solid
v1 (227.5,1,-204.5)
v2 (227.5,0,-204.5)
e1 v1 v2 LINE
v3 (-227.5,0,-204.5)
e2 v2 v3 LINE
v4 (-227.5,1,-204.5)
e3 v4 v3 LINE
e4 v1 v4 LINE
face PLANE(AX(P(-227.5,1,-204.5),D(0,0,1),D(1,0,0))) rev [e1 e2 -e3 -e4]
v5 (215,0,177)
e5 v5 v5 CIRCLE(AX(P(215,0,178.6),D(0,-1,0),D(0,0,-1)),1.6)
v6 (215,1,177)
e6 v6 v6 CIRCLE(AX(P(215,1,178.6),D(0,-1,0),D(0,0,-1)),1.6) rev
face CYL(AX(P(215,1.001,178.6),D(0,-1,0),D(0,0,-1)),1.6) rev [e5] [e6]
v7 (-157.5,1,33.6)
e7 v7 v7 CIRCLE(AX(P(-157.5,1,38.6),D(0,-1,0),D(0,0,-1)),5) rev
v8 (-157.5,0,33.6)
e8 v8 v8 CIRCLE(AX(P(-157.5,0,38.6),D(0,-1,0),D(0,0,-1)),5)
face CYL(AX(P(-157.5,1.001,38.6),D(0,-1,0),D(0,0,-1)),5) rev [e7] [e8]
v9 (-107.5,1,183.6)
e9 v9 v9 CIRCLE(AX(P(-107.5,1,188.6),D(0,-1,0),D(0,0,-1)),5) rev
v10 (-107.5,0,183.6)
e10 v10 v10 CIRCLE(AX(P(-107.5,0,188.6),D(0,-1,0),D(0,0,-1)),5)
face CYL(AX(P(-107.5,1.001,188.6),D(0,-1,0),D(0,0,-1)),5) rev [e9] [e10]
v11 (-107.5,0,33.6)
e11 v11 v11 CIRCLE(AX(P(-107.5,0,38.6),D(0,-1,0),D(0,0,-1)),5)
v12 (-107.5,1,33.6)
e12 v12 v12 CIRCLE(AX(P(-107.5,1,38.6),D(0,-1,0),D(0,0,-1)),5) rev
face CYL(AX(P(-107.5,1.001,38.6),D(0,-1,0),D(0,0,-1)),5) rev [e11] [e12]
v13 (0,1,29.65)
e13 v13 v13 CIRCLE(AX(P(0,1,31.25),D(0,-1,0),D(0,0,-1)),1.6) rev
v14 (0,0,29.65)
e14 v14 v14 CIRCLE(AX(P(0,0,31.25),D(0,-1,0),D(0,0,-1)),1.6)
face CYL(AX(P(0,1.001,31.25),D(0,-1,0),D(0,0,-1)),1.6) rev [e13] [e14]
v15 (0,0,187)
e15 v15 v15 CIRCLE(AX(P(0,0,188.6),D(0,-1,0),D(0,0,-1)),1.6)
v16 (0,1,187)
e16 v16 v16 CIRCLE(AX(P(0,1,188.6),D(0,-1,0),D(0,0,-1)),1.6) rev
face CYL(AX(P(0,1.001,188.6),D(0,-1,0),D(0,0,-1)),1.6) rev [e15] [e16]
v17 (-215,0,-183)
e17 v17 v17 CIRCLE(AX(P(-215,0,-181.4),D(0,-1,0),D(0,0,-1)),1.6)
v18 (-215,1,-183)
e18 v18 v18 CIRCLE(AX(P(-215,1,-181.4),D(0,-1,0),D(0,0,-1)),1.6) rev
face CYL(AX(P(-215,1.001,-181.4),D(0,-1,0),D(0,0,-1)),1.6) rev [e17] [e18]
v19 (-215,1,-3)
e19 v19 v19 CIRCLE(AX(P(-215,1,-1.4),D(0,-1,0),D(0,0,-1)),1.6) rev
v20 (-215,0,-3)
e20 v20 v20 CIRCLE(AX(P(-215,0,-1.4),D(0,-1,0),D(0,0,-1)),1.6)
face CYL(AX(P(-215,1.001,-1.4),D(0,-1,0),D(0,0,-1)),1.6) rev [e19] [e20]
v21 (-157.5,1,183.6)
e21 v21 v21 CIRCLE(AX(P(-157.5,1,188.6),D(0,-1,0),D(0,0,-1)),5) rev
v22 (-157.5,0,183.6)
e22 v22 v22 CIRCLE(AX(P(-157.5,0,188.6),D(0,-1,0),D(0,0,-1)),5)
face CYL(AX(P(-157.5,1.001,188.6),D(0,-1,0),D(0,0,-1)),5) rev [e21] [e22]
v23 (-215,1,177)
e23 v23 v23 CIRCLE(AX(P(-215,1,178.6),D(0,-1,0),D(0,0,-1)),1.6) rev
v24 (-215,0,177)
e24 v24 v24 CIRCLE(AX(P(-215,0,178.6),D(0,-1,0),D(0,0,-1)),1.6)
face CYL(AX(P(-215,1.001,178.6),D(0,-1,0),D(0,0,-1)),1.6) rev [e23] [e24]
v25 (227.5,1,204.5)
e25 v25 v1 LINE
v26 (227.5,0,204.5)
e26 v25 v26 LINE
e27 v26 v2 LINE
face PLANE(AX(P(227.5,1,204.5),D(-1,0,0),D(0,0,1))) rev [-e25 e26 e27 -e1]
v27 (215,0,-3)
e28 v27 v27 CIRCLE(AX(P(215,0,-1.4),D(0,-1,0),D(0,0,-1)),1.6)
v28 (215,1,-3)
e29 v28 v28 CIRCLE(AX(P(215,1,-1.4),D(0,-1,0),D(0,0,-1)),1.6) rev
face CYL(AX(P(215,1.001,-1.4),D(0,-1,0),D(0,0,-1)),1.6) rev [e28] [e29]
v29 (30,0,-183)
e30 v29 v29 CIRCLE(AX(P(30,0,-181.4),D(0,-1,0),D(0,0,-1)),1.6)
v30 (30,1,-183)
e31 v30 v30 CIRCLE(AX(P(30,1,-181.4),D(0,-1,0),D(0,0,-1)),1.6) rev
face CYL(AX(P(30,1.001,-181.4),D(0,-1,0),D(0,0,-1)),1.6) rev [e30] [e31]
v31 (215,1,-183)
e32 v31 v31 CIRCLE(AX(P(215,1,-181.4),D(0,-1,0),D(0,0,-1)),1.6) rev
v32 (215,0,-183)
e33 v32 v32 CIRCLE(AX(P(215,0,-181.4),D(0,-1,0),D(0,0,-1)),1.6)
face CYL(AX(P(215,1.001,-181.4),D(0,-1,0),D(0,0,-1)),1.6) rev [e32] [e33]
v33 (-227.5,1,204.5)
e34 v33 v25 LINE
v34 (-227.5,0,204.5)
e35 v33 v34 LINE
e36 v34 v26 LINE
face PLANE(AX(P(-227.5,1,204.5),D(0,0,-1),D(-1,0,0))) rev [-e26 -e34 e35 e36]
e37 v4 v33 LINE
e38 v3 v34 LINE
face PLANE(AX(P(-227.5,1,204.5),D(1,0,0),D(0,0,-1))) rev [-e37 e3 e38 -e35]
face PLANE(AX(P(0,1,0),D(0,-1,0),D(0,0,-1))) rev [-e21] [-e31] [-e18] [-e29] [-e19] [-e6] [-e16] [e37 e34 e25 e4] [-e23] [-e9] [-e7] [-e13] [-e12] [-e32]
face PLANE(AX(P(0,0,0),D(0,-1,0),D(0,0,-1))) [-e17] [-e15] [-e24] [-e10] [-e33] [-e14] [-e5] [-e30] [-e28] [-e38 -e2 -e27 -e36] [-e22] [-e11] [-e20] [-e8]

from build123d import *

# Parameters (mm, degrees)
CROQUIS1_W              = 455
CROQUIS1_H              = 409
SALIENTE_EXTRUIR1_DEPTH = 1
CORTAR_EXTRUIR1_REACH   = 307.904
CROQUIS2_R              = 1.6
CORTAR_EXTRUIR2_REACH   = 307.904
CROQUIS3_R              = 5
CORTAR_EXTRUIR3_REACH   = 307.904
CROQUIS4_R              = 1.6


with BuildPart() as part:
    # Croquis1 → Saliente-Extruir1 (new body)
    with BuildSketch(Plane(origin=(0, 0, 0), x_dir=(1, 0, 0), z_dir=(0, 1, 0))):
        Rectangle(CROQUIS1_W, CROQUIS1_H)
    extrude(amount=SALIENTE_EXTRUIR1_DEPTH)

    # Croquis2 → Cortar-Extruir1 (cut, up to next)
    with BuildSketch(Plane.XZ, mode=Mode.PRIVATE) as cortar_extruir1_sk1:
        with Locations(Location((-215, 178.6, 0), (0, 0, 270))):
            Circle(CROQUIS2_R)
    cortar_extruir1_tool1 = extrude(cortar_extruir1_sk1.sketch, amount=-CORTAR_EXTRUIR1_REACH, mode=Mode.PRIVATE) & part.part
    # Croquis2 → Cortar-Extruir1 (cut, up to next)
    with BuildSketch(Plane.XZ, mode=Mode.PRIVATE) as cortar_extruir1_sk2:
        with Locations(Location((-215, -181.4, 0), (0, 0, 270))):
            Circle(CROQUIS2_R)
    cortar_extruir1_tool2 = extrude(cortar_extruir1_sk2.sketch, amount=-CORTAR_EXTRUIR1_REACH, mode=Mode.PRIVATE) & part.part
    # Croquis2 → Cortar-Extruir1 (cut, up to next)
    with BuildSketch(Plane.XZ, mode=Mode.PRIVATE) as cortar_extruir1_sk3:
        with Locations(Location((215, -181.4, 0), (0, 0, 270))):
            Circle(CROQUIS2_R)
    cortar_extruir1_tool3 = extrude(cortar_extruir1_sk3.sketch, amount=-CORTAR_EXTRUIR1_REACH, mode=Mode.PRIVATE) & part.part
    # Croquis2 → Cortar-Extruir1 (cut, up to next)
    with BuildSketch(Plane.XZ, mode=Mode.PRIVATE) as cortar_extruir1_sk4:
        with Locations(Location((215, 178.6, 0), (0, 0, 270))):
            Circle(CROQUIS2_R)
    cortar_extruir1_tool4 = extrude(cortar_extruir1_sk4.sketch, amount=-CORTAR_EXTRUIR1_REACH, mode=Mode.PRIVATE) & part.part
    # Croquis2 → Cortar-Extruir1 (cut, up to next)
    with BuildSketch(Plane.XZ, mode=Mode.PRIVATE) as cortar_extruir1_sk5:
        with Locations(Location((0, 31.25, 0), (0, 0, 270))):
            Circle(CROQUIS2_R)
    cortar_extruir1_tool5 = extrude(cortar_extruir1_sk5.sketch, amount=-CORTAR_EXTRUIR1_REACH, mode=Mode.PRIVATE) & part.part
    add(cortar_extruir1_tool1.solids().sort_by_distance((-215, 0, 178.6))[0], mode=Mode.SUBTRACT)
    add(cortar_extruir1_tool2.solids().sort_by_distance((-215, 0, -181.4))[0], mode=Mode.SUBTRACT)
    add(cortar_extruir1_tool3.solids().sort_by_distance((215, 0, -181.4))[0], mode=Mode.SUBTRACT)
    add(cortar_extruir1_tool4.solids().sort_by_distance((215, 0, 178.6))[0], mode=Mode.SUBTRACT)
    add(cortar_extruir1_tool5.solids().sort_by_distance((0, 0, 31.25))[0], mode=Mode.SUBTRACT)

    # Croquis3 → Cortar-Extruir2 (cut, up to next)
    with BuildSketch(Plane.XZ, mode=Mode.PRIVATE) as cortar_extruir2_sk1:
        with Locations(Location((-157.5, 38.6, 0), (0, 0, 270))):
            Circle(CROQUIS3_R)
    cortar_extruir2_tool1 = extrude(cortar_extruir2_sk1.sketch, amount=-CORTAR_EXTRUIR2_REACH, mode=Mode.PRIVATE) & part.part
    # Croquis3 → Cortar-Extruir2 (cut, up to next)
    with BuildSketch(Plane.XZ, mode=Mode.PRIVATE) as cortar_extruir2_sk2:
        with Locations(Location((-107.5, 38.6, 0), (0, 0, 270))):
            Circle(CROQUIS3_R)
    cortar_extruir2_tool2 = extrude(cortar_extruir2_sk2.sketch, amount=-CORTAR_EXTRUIR2_REACH, mode=Mode.PRIVATE) & part.part
    # Croquis3 → Cortar-Extruir2 (cut, up to next)
    with BuildSketch(Plane.XZ, mode=Mode.PRIVATE) as cortar_extruir2_sk3:
        with Locations(Location((-107.5, 188.6, 0), (0, 0, 270))):
            Circle(CROQUIS3_R)
    cortar_extruir2_tool3 = extrude(cortar_extruir2_sk3.sketch, amount=-CORTAR_EXTRUIR2_REACH, mode=Mode.PRIVATE) & part.part
    # Croquis3 → Cortar-Extruir2 (cut, up to next)
    with BuildSketch(Plane.XZ, mode=Mode.PRIVATE) as cortar_extruir2_sk4:
        with Locations(Location((-157.5, 188.6, 0), (0, 0, 270))):
            Circle(CROQUIS3_R)
    cortar_extruir2_tool4 = extrude(cortar_extruir2_sk4.sketch, amount=-CORTAR_EXTRUIR2_REACH, mode=Mode.PRIVATE) & part.part
    add(cortar_extruir2_tool1.solids().sort_by_distance((-157.5, 0, 38.6))[0], mode=Mode.SUBTRACT)
    add(cortar_extruir2_tool2.solids().sort_by_distance((-107.5, 0, 38.6))[0], mode=Mode.SUBTRACT)
    add(cortar_extruir2_tool3.solids().sort_by_distance((-107.5, 0, 188.6))[0], mode=Mode.SUBTRACT)
    add(cortar_extruir2_tool4.solids().sort_by_distance((-157.5, 0, 188.6))[0], mode=Mode.SUBTRACT)

    # Croquis4 → Cortar-Extruir3 (cut, up to next)
    with BuildSketch(Plane.XZ, mode=Mode.PRIVATE) as cortar_extruir3_sk1:
        with Locations(Location((-215, -1.4, 0), (0, 0, 270))):
            Circle(CROQUIS4_R)
    cortar_extruir3_tool1 = extrude(cortar_extruir3_sk1.sketch, amount=-CORTAR_EXTRUIR3_REACH, mode=Mode.PRIVATE) & part.part
    # Croquis4 → Cortar-Extruir3 (cut, up to next)
    with BuildSketch(Plane.XZ, mode=Mode.PRIVATE) as cortar_extruir3_sk2:
        with Locations(Location((215, -1.4, 0), (0, 0, 270))):
            Circle(CROQUIS4_R)
    cortar_extruir3_tool2 = extrude(cortar_extruir3_sk2.sketch, amount=-CORTAR_EXTRUIR3_REACH, mode=Mode.PRIVATE) & part.part
    # Croquis4 → Cortar-Extruir3 (cut, up to next)
    with BuildSketch(Plane.XZ, mode=Mode.PRIVATE) as cortar_extruir3_sk3:
        with Locations(Location((0, 188.6, 0), (0, 0, 270))):
            Circle(CROQUIS4_R)
    cortar_extruir3_tool3 = extrude(cortar_extruir3_sk3.sketch, amount=-CORTAR_EXTRUIR3_REACH, mode=Mode.PRIVATE) & part.part
    # Croquis4 → Cortar-Extruir3 (cut, up to next)
    with BuildSketch(Plane.XZ, mode=Mode.PRIVATE) as cortar_extruir3_sk4:
        with Locations(Location((30, -181.4, 0), (0, 0, 270))):
            Circle(CROQUIS4_R)
    cortar_extruir3_tool4 = extrude(cortar_extruir3_sk4.sketch, amount=-CORTAR_EXTRUIR3_REACH, mode=Mode.PRIVATE) & part.part
    add(cortar_extruir3_tool1.solids().sort_by_distance((-215, 0, -1.4))[0], mode=Mode.SUBTRACT)
    add(cortar_extruir3_tool2.solids().sort_by_distance((215, 0, -1.4))[0], mode=Mode.SUBTRACT)
    add(cortar_extruir3_tool3.solids().sort_by_distance((0, 0, 188.6))[0], mode=Mode.SUBTRACT)
    add(cortar_extruir3_tool4.solids().sort_by_distance((30, 0, -181.4))[0], mode=Mode.SUBTRACT)


solid = part.part
